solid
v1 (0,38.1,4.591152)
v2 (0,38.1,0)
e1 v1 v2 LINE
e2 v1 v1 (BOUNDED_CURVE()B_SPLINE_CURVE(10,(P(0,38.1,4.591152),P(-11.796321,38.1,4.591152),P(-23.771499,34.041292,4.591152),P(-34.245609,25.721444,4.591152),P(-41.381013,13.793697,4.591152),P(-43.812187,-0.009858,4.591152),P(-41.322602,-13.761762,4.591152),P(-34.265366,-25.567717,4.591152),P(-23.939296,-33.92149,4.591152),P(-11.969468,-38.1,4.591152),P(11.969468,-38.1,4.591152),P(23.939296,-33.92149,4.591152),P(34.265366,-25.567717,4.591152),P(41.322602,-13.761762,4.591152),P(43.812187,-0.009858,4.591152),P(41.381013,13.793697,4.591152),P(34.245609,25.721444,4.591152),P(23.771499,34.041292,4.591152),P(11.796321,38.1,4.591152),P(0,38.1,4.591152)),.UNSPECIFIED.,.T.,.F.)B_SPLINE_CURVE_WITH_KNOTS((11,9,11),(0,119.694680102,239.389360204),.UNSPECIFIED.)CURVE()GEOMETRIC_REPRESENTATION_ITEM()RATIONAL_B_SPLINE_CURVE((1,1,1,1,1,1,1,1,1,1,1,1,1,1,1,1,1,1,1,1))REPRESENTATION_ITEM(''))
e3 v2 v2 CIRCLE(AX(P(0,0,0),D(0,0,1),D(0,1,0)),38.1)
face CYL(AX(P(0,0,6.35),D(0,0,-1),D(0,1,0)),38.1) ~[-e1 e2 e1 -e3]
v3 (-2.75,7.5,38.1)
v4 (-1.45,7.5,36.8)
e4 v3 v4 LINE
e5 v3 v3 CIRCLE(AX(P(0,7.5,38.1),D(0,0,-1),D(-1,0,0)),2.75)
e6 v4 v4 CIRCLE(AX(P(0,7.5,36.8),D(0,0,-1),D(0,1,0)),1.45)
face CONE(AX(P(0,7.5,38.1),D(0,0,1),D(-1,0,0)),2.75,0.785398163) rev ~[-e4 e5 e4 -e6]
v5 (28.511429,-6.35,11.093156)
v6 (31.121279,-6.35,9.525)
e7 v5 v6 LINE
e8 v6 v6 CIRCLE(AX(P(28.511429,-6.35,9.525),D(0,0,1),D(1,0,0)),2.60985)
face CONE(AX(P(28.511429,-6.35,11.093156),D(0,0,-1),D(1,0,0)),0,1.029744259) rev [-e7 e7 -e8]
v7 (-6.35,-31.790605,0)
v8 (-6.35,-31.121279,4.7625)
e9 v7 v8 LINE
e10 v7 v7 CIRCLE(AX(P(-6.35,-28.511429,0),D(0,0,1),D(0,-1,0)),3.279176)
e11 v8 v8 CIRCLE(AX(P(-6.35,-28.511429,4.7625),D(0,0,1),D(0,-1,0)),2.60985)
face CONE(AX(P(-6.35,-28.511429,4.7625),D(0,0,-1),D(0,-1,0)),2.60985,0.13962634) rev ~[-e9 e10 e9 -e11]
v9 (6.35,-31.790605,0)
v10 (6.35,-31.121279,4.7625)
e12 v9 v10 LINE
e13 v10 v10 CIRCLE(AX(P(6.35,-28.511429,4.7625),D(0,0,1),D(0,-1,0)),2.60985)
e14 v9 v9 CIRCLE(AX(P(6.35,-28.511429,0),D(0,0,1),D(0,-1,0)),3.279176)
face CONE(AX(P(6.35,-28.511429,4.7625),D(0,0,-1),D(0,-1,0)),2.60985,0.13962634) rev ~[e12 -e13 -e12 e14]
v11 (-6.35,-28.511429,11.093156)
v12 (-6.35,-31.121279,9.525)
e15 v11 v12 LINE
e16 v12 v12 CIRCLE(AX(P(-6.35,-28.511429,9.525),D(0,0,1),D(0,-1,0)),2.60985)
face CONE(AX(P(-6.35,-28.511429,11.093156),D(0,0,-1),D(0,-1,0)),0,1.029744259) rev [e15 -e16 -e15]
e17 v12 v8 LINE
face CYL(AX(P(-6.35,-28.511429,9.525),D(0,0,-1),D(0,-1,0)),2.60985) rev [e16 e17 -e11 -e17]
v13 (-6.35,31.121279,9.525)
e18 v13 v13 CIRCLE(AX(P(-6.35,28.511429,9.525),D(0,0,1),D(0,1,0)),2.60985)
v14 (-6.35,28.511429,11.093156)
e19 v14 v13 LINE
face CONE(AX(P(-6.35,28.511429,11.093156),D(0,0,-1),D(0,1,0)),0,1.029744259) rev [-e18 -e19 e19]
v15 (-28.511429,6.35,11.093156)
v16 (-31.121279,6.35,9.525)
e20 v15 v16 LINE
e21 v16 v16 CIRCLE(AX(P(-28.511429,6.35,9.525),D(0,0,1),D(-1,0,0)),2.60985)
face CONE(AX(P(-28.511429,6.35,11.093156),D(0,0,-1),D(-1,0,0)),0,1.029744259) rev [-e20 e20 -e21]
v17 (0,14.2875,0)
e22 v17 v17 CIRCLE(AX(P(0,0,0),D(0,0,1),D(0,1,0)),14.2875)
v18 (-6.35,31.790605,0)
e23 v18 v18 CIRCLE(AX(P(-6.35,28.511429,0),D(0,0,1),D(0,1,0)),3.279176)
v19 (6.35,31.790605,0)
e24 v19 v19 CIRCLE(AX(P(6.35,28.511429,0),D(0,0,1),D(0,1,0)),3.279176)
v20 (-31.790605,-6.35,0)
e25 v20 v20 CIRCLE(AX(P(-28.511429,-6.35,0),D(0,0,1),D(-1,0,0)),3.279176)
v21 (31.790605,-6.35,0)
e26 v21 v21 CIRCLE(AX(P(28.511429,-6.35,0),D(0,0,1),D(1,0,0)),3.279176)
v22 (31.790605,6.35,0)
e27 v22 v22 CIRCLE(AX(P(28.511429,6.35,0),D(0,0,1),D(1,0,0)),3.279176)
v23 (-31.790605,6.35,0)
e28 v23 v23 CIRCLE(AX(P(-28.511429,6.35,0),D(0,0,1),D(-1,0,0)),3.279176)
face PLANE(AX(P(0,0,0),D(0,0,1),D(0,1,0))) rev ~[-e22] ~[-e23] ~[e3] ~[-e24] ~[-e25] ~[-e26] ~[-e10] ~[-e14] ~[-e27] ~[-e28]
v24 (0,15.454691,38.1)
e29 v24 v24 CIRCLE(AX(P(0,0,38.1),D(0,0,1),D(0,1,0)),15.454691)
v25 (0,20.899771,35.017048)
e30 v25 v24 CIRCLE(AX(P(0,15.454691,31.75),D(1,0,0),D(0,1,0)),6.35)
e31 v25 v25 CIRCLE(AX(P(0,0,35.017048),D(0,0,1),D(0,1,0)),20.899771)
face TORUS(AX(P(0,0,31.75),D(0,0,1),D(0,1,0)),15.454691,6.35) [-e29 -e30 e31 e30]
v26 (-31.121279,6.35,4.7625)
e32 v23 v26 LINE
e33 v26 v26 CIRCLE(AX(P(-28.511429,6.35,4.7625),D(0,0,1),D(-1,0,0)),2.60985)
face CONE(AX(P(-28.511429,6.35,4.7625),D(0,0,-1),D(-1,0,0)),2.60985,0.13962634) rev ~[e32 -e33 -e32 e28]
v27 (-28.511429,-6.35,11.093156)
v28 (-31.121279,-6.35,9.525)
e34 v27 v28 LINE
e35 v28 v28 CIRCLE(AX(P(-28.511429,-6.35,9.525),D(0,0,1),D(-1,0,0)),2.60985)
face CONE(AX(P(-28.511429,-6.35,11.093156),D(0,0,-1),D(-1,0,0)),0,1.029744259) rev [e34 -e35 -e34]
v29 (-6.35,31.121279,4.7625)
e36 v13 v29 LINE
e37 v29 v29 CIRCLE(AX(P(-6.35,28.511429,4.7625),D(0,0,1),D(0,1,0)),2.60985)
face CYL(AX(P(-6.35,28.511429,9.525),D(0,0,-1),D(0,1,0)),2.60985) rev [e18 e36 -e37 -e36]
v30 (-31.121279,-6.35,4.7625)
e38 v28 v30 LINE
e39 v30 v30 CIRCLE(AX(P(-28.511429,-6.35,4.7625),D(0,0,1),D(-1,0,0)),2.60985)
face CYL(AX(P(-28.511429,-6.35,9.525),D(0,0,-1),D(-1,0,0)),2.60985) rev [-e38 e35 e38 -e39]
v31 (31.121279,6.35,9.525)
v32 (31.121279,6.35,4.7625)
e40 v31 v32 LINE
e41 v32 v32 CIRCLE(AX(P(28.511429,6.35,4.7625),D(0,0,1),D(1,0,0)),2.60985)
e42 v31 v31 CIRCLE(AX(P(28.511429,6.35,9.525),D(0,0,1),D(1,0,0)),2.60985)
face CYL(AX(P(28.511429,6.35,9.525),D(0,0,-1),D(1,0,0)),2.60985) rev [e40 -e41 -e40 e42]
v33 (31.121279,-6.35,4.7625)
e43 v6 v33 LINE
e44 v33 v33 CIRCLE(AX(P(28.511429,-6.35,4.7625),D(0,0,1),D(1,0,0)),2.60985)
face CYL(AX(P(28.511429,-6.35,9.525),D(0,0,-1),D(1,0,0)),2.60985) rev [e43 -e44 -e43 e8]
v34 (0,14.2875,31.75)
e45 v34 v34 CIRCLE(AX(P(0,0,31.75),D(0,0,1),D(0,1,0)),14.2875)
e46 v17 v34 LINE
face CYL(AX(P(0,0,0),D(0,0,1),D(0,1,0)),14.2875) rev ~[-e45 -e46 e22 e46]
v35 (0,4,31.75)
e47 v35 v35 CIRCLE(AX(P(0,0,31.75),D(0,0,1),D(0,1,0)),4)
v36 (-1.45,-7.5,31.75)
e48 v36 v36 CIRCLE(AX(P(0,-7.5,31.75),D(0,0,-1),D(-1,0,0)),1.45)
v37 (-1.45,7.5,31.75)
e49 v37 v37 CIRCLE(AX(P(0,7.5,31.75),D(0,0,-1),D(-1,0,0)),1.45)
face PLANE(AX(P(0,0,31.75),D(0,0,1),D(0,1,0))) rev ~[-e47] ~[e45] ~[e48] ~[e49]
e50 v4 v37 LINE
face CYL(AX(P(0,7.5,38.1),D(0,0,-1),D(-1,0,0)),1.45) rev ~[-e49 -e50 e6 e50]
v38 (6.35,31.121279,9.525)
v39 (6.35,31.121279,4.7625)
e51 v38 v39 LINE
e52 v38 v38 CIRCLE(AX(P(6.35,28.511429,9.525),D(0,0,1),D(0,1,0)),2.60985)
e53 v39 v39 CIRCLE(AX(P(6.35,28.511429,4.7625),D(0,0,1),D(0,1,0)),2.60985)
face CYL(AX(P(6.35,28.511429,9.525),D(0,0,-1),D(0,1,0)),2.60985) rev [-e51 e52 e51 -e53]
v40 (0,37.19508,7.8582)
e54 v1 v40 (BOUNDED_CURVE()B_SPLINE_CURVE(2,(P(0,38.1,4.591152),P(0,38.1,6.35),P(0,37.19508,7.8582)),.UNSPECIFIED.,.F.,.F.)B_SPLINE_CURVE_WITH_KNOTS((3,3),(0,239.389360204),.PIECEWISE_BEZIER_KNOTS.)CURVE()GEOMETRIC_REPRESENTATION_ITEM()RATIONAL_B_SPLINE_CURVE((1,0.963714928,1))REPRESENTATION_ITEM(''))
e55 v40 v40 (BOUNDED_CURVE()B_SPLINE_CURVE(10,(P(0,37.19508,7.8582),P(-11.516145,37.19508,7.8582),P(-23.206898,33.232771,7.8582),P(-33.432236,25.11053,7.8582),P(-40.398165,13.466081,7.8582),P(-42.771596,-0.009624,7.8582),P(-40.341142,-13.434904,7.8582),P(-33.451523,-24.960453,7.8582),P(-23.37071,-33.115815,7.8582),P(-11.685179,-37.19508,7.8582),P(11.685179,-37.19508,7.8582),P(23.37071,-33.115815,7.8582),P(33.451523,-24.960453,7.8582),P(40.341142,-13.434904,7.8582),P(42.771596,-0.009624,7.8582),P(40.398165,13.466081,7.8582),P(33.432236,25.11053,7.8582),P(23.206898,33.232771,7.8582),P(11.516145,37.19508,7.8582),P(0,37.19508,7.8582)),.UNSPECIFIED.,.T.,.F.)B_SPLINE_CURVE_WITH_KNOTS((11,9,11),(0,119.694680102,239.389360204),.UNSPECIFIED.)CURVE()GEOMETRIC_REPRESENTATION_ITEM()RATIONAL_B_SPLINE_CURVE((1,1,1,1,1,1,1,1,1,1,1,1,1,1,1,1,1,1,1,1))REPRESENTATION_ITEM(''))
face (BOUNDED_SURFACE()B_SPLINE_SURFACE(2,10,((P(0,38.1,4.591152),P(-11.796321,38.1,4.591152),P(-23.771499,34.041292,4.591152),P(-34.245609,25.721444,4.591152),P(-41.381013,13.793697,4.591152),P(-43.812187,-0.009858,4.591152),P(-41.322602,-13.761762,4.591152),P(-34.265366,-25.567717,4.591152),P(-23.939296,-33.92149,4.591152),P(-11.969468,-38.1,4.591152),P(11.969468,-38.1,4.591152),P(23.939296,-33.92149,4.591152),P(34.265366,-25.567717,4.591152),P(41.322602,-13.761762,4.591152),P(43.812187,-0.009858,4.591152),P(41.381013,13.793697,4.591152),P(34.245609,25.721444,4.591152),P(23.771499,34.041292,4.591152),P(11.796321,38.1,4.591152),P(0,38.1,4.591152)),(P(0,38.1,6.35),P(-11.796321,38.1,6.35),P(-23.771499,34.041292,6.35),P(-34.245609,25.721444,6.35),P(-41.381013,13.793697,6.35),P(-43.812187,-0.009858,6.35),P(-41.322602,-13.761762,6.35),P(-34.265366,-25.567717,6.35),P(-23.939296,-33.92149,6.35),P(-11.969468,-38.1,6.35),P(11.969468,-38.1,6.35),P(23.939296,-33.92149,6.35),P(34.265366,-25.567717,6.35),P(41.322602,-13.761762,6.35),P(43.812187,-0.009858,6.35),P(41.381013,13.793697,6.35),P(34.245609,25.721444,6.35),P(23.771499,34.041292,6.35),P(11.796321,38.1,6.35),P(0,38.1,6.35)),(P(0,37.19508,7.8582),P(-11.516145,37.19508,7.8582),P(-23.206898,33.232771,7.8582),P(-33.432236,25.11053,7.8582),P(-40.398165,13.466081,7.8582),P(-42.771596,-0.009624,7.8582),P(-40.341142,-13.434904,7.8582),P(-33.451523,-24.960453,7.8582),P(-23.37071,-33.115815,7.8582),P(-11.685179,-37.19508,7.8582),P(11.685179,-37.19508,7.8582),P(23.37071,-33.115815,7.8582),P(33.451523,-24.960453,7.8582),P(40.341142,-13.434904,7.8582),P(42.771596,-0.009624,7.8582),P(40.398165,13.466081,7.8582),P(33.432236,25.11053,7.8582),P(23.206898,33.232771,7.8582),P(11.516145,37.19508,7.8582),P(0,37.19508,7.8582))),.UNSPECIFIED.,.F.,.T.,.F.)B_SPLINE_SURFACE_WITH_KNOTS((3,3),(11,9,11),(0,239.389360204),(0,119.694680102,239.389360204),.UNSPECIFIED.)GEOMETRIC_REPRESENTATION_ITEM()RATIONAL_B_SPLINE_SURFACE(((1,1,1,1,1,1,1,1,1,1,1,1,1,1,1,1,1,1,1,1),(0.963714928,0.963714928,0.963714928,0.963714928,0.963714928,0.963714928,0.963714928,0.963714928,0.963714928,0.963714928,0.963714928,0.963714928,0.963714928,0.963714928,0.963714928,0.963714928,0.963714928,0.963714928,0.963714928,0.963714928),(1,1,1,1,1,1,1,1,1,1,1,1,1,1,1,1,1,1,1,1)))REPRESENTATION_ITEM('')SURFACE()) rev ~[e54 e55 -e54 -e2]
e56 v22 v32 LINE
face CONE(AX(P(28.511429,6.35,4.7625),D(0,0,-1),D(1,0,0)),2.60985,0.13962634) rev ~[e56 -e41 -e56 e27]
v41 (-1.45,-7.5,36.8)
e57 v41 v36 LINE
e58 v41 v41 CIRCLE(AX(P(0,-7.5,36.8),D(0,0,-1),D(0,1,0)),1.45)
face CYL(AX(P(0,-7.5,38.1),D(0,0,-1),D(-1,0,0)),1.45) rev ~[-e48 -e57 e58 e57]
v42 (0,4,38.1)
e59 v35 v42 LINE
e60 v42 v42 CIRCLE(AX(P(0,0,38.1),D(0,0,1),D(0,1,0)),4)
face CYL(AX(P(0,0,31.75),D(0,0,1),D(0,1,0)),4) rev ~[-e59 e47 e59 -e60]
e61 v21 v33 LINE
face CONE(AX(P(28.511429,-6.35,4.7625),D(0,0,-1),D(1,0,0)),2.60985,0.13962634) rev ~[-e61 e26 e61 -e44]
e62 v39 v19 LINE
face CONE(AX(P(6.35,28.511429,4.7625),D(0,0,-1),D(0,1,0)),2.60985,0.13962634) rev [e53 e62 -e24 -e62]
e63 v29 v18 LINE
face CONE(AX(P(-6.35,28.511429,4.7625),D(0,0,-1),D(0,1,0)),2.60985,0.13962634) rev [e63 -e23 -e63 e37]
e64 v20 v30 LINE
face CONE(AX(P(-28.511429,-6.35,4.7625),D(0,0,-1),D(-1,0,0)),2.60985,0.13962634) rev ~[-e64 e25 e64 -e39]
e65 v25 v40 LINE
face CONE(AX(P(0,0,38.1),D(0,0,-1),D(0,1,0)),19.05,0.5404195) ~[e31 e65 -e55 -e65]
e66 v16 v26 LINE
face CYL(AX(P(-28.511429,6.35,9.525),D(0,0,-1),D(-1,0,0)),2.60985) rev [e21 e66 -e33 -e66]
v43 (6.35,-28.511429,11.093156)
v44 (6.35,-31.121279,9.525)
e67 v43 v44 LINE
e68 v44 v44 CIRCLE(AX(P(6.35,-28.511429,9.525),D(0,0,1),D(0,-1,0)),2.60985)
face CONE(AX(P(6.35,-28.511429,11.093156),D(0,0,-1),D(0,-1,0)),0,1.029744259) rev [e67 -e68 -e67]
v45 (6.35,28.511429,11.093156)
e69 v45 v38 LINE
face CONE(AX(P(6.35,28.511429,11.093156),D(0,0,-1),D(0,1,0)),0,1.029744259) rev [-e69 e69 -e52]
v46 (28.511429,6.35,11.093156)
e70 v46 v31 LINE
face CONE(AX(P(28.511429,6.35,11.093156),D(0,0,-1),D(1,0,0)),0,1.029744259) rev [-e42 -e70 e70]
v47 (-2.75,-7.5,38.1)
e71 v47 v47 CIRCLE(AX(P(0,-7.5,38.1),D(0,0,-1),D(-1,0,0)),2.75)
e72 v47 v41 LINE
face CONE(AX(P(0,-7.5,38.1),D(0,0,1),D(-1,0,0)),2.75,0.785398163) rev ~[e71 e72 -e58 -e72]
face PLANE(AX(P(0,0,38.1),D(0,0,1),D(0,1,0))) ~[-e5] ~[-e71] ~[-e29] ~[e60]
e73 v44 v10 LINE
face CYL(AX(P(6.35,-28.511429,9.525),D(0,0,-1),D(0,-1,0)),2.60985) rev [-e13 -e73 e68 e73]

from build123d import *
from OCP.BRepFilletAPI import BRepFilletAPI_MakeChamfer

# Parameters (mm, degrees)
CSK_FOR_M2_5_FLAT_HEAD_MACHINE_SCREW1_D           = 2.9
CSK_FOR_M2_5_FLAT_HEAD_MACHINE_SCREW1_CSINK_D     = 5.5
CSK_FOR_M2_5_FLAT_HEAD_MACHINE_SCREW1_CSINK_ANGLE = 90
F_5_0_2055_DIAMETER_HOLE1_AT_2_COUNT              = 2
F_5_0_2055_DIAMETER_HOLE1_AT_2_PITCH              = 12.7
CHAMFER1_SIZE                                     = 4.7625
CHAMFER1_SIZE2                                    = 0.669325725
CIRPATTERN3_COUNT                                 = 4
CHAMFER1_OF_CIRPATTERN3_SIZE                      = 4.7625
CHAMFER1_OF_CIRPATTERN3_SIZE2                     = 0.669325725
FILLET10_R                                        = 6.35


with BuildPart() as part:
    # Sketch32 → Revolve8 (revolve)
    with BuildSketch(Plane(origin=(0, 0, 0), x_dir=(0, 0, -1), z_dir=(1, 0, 0))):
        Polygon((-38.1, 0), (-38.1, 19.05), (-6.35, 38.1), (0, 38.1), (0, 0), align=None)
    revolve(axis=Axis((0, 0, 0), (0, 0, 1)))

    # Sketch33 → Cut-Revolve1 (revolve, cut)
    with BuildSketch(Plane(origin=(0, 0, 0), x_dir=(0, 0, -1), z_dir=(1, 0, 0))):
        Polygon((-31.75, 14.2875), (-31.75, 4), (-38.1, 4), (-38.1, 0), (0, 0), (0, 14.2875), align=None)
    revolve(axis=Axis((0, 0, 0), (0, 0, 1)), mode=Mode.SUBTRACT)

    # CSK for M2.5 Flat Head Machine Screw1 (through all)
    with Locations(Plane.XY.offset(38.1)):
        with Locations((0, 7.5), (0, -7.5)):
            CounterSinkHole(CSK_FOR_M2_5_FLAT_HEAD_MACHINE_SCREW1_D / 2, CSK_FOR_M2_5_FLAT_HEAD_MACHINE_SCREW1_CSINK_D / 2, counter_sink_angle=CSK_FOR_M2_5_FLAT_HEAD_MACHINE_SCREW1_CSINK_ANGLE)

    # Sketch40 → 5 _0.2055_ Diameter Hole1 (revolve, cut)
    with BuildSketch(Plane(origin=(-6.35, 28.511429287, 0), x_dir=(0, 1, 0), z_dir=(1, 0, 0))):
        Polygon((0, 0), (0, 11.093156087), (2.60985, 9.525), (2.60985, 0), align=None)
    f_5_0_2055_diameter_hole1 = revolve(axis=Axis((-6.35, 28.511429287, -6.35), (0, 0, 1)), mode=Mode.SUBTRACT)

    # 5 _0.2055_ Diameter Hole1 at 2: 5 _0.2055_ Diameter Hole1 ×2
    with Locations(*[(i * F_5_0_2055_DIAMETER_HOLE1_AT_2_PITCH, 0, 0) for i in range(1, F_5_0_2055_DIAMETER_HOLE1_AT_2_COUNT)]):
        add(f_5_0_2055_diameter_hole1, mode=Mode.SUBTRACT)

    # Chamfer1: one chamfer whose edges measure the first distance from different faces: ONE call of the kernel's chamfer builder (chamfer() names one face for all edges)
    chamfer1_edges_1 = [part.edges().sort_by_distance(p)[0] for p in [
        (-6.35, 25.901579287, 0),
    ]]
    chamfer1_side_1 = [part.faces().sort_by_distance(p)[0] for p in [
        (-6.35, 25.901579287, 4.7625),
    ]]
    chamfer1_edges_2 = [part.edges().sort_by_distance(p)[0] for p in [
        (6.35, 25.901579287, 0),
    ]]
    chamfer1_side_2 = [part.faces().sort_by_distance(p)[0] for p in [
        (6.35, 25.901579287, 4.7625),
    ]]
    chamfer1 = BRepFilletAPI_MakeChamfer(part.part.solid().wrapped)
    for e in chamfer1_edges_1:
        chamfer1.Add(CHAMFER1_SIZE, CHAMFER1_SIZE2, e.wrapped, chamfer1_side_1[0].wrapped)  # the first distance lies on this face
    for e in chamfer1_edges_2:
        chamfer1.Add(CHAMFER1_SIZE, CHAMFER1_SIZE2, e.wrapped, chamfer1_side_2[0].wrapped)  # the first distance lies on this face
    add(Compound.cast(chamfer1.Shape()), mode=Mode.REPLACE)

    # CirPattern3: 5 _0.2055_ Diameter Hole1 ×4 about axis
    cirpattern3_axis = Axis((0, 0, 0), (0, 0, -1))
    for i in range(1, CIRPATTERN3_COUNT):
        add(f_5_0_2055_diameter_hole1.rotate(cirpattern3_axis, i * 360 / CIRPATTERN3_COUNT), mode=Mode.SUBTRACT)

    # CirPattern3 copy 1 sketch → CirPattern3 copy 1 (revolve, cut)
    with BuildSketch(Plane(origin=(28.511429287, -6.35, 0), x_dir=(1, 0, 0), z_dir=(0, -1, 0))):
        Polygon((0, 0), (0, 11.093156087), (2.60985, 9.525), (2.60985, 0), align=None)
    revolve(axis=Axis((28.511429287, -6.35, -6.35), (0, 0, 1)), mode=Mode.SUBTRACT)

    # CirPattern3 copy 2 sketch → CirPattern3 copy 2 (revolve, cut)
    with BuildSketch(Plane(origin=(-6.35, -28.511429287, 0), x_dir=(0, -1, 0), z_dir=(-1, 0, 0))):
        Polygon((0, 0), (0, 11.093156087), (2.60985, 9.525), (2.60985, 0), align=None)
    revolve(axis=Axis((-6.35, -28.511429287, -6.35), (0, 0, 1)), mode=Mode.SUBTRACT)

    # CirPattern3 copy 3 sketch → CirPattern3 copy 3 (revolve, cut)
    with BuildSketch(Plane(origin=(-28.511429287, 6.35, 0), x_dir=(-1, 0, 0), z_dir=(0, 1, 0))):
        Polygon((0, 0), (0, 11.093156087), (2.60985, 9.525), (2.60985, 0), align=None)
    revolve(axis=Axis((-28.511429287, 6.35, -6.35), (0, 0, 1)), mode=Mode.SUBTRACT)

    # Chamfer1 of CirPattern3: one chamfer whose edges measure the first distance from different faces: ONE call of the kernel's chamfer builder (chamfer() names one face for all edges)
    chamfer1_of_cirpattern3_edges_1 = [part.edges().sort_by_distance(p)[0] for p in [
        (25.901579287, 6.35, 0),
    ]]
    chamfer1_of_cirpattern3_side_1 = [part.faces().sort_by_distance(p)[0] for p in [
        (25.901579287, 6.35, 4.7625),
    ]]
    chamfer1_of_cirpattern3_edges_2 = [part.edges().sort_by_distance(p)[0] for p in [
        (25.901579287, -6.35, 0),
    ]]
    chamfer1_of_cirpattern3_side_2 = [part.faces().sort_by_distance(p)[0] for p in [
        (25.901579287, -6.35, 4.7625),
    ]]
    chamfer1_of_cirpattern3_edges_3 = [part.edges().sort_by_distance(p)[0] for p in [
        (6.35, -25.901579287, 0),
    ]]
    chamfer1_of_cirpattern3_side_3 = [part.faces().sort_by_distance(p)[0] for p in [
        (6.35, -25.901579287, 4.7625),
    ]]
    chamfer1_of_cirpattern3_edges_4 = [part.edges().sort_by_distance(p)[0] for p in [
        (-6.35, -25.901579287, 0),
    ]]
    chamfer1_of_cirpattern3_side_4 = [part.faces().sort_by_distance(p)[0] for p in [
        (-6.35, -25.901579287, 4.7625),
    ]]
    chamfer1_of_cirpattern3_edges_5 = [part.edges().sort_by_distance(p)[0] for p in [
        (-25.901579287, -6.35, 0),
    ]]
    chamfer1_of_cirpattern3_side_5 = [part.faces().sort_by_distance(p)[0] for p in [
        (-25.901579287, -6.35, 4.7625),
    ]]
    chamfer1_of_cirpattern3_edges_6 = [part.edges().sort_by_distance(p)[0] for p in [
        (-25.901579287, 6.35, 0),
    ]]
    chamfer1_of_cirpattern3_side_6 = [part.faces().sort_by_distance(p)[0] for p in [
        (-25.901579287, 6.35, 4.7625),
    ]]
    chamfer1_of_cirpattern3 = BRepFilletAPI_MakeChamfer(part.part.solid().wrapped)
    for e in chamfer1_of_cirpattern3_edges_1:
        chamfer1_of_cirpattern3.Add(CHAMFER1_OF_CIRPATTERN3_SIZE, CHAMFER1_OF_CIRPATTERN3_SIZE2, e.wrapped, chamfer1_of_cirpattern3_side_1[0].wrapped)  # the first distance lies on this face
    for e in chamfer1_of_cirpattern3_edges_2:
        chamfer1_of_cirpattern3.Add(CHAMFER1_OF_CIRPATTERN3_SIZE, CHAMFER1_OF_CIRPATTERN3_SIZE2, e.wrapped, chamfer1_of_cirpattern3_side_2[0].wrapped)  # the first distance lies on this face
    for e in chamfer1_of_cirpattern3_edges_3:
        chamfer1_of_cirpattern3.Add(CHAMFER1_OF_CIRPATTERN3_SIZE, CHAMFER1_OF_CIRPATTERN3_SIZE2, e.wrapped, chamfer1_of_cirpattern3_side_3[0].wrapped)  # the first distance lies on this face
    for e in chamfer1_of_cirpattern3_edges_4:
        chamfer1_of_cirpattern3.Add(CHAMFER1_OF_CIRPATTERN3_SIZE, CHAMFER1_OF_CIRPATTERN3_SIZE2, e.wrapped, chamfer1_of_cirpattern3_side_4[0].wrapped)  # the first distance lies on this face
    for e in chamfer1_of_cirpattern3_edges_5:
        chamfer1_of_cirpattern3.Add(CHAMFER1_OF_CIRPATTERN3_SIZE, CHAMFER1_OF_CIRPATTERN3_SIZE2, e.wrapped, chamfer1_of_cirpattern3_side_5[0].wrapped)  # the first distance lies on this face
    for e in chamfer1_of_cirpattern3_edges_6:
        chamfer1_of_cirpattern3.Add(CHAMFER1_OF_CIRPATTERN3_SIZE, CHAMFER1_OF_CIRPATTERN3_SIZE2, e.wrapped, chamfer1_of_cirpattern3_side_6[0].wrapped)  # the first distance lies on this face
    add(Compound.cast(chamfer1_of_cirpattern3.Shape()), mode=Mode.REPLACE)

    # Fillet10
    fillet10_edges = [part.edges().sort_by_distance(p)[0] for p in [
        (0, -38.1, 6.35),
        (0, -19.05, 38.1),
    ]]
    fillet(fillet10_edges, radius=FILLET10_R)


solid = part.part
